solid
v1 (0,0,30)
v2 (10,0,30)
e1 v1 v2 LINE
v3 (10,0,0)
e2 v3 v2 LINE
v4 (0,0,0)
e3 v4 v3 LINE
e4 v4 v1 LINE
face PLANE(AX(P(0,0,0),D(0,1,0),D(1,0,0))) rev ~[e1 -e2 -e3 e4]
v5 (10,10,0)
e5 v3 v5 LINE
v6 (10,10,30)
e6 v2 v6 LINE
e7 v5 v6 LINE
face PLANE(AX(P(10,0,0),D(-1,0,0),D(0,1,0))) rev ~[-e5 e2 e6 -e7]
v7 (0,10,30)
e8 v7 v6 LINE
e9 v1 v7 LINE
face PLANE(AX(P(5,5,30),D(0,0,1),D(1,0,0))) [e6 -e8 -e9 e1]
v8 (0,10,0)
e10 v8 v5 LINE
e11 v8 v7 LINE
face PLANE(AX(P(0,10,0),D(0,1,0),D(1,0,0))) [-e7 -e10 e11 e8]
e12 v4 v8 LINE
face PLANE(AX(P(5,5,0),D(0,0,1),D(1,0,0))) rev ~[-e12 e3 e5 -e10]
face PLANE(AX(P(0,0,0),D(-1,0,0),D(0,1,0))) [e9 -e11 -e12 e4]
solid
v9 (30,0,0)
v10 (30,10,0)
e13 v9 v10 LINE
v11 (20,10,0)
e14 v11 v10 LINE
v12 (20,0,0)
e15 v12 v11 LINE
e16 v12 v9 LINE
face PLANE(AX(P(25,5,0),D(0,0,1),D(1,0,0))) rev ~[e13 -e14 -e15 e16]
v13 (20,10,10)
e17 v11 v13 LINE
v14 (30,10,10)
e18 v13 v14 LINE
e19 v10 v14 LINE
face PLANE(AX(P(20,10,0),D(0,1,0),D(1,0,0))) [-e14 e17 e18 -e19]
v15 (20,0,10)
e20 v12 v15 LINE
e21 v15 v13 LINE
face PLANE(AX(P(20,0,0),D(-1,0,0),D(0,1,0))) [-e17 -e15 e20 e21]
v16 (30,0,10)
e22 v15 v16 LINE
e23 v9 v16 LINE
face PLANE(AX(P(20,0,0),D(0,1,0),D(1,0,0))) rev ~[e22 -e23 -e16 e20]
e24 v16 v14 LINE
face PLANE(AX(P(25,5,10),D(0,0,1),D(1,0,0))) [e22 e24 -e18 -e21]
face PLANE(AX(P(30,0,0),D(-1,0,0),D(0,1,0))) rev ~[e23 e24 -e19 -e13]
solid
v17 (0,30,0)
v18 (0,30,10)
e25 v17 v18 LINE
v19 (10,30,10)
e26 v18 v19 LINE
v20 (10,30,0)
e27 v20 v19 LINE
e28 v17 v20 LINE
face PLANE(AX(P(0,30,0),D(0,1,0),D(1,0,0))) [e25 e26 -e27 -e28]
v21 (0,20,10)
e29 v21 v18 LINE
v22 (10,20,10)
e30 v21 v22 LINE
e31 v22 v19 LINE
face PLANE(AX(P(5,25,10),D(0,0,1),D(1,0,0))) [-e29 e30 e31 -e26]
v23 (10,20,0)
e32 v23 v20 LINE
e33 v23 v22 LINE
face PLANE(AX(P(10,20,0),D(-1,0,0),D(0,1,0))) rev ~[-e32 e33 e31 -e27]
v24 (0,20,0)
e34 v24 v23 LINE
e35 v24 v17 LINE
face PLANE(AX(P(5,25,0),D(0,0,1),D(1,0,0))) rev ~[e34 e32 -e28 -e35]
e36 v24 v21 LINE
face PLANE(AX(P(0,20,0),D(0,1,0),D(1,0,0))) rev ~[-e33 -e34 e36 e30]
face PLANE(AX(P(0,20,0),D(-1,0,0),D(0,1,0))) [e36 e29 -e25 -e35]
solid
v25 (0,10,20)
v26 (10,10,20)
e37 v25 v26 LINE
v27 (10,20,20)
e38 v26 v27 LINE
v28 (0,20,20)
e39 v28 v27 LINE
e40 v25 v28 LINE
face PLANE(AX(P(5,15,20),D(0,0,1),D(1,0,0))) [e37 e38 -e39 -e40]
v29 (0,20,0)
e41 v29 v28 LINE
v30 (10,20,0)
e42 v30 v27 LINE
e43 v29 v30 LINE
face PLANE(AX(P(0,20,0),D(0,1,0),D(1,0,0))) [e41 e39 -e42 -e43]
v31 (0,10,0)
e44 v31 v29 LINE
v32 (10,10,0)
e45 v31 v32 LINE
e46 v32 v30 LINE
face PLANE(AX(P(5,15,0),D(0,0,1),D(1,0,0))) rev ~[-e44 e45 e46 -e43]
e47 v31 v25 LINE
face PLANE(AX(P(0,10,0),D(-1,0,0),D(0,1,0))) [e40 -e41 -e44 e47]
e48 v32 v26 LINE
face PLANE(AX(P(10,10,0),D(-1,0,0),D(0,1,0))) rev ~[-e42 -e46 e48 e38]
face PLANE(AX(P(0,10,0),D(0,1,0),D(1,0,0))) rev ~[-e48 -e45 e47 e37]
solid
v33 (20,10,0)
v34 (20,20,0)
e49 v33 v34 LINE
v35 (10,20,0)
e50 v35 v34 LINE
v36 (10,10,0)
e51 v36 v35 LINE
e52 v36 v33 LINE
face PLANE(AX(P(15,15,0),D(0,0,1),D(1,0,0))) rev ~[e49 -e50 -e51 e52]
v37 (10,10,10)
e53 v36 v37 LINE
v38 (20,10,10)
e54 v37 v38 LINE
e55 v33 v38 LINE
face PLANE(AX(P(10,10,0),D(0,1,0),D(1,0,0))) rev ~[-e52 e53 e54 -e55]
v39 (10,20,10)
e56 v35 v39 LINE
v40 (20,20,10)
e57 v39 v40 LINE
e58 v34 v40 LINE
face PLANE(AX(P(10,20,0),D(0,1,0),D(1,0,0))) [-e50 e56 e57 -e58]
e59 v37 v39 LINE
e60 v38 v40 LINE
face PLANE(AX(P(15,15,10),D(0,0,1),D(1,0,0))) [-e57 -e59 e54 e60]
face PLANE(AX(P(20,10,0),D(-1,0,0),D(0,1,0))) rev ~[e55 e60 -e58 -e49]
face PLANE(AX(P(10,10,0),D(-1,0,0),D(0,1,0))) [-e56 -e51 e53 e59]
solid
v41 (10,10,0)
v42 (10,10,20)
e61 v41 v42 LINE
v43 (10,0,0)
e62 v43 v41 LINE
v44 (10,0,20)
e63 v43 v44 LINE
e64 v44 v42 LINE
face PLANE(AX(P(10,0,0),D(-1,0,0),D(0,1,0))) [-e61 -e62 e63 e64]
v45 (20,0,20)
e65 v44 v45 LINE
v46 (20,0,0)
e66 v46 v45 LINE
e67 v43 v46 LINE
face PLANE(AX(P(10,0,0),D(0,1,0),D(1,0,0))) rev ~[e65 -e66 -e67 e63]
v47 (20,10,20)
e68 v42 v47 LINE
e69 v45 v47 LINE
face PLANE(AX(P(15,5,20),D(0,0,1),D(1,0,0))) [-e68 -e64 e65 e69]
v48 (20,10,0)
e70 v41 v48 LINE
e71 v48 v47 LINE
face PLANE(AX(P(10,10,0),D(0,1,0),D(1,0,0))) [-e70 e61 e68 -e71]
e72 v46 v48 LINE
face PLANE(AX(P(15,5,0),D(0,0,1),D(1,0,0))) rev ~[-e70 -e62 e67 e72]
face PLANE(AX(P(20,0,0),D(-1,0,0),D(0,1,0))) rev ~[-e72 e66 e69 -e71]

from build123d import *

# Parameters (mm, degrees)
BOX_W        = 10
BOX_H        = 10
BOX_DEPTH    = 30
BOX001_W     = 10
BOX001_H     = 10
BOX001_DEPTH = 20
BOX002_W     = 10
BOX002_H     = 10
BOX002_DEPTH = 20
BOX003_W     = 10
BOX003_H     = 10
BOX003_DEPTH = 10
BOX004_W     = 10
BOX004_H     = 10
BOX004_DEPTH = 10
BOX005_W     = 10
BOX005_H     = 10
BOX005_DEPTH = 10


with BuildPart() as cubo30:
    # Box → Box (new body)
    with BuildSketch(Plane.XY):
        with Locations((5, 5)):
            Rectangle(BOX_W, BOX_H)
    extrude(amount=BOX_DEPTH)


with BuildPart() as box001:
    # Box001 → Box001 (new body)
    with BuildSketch(Plane(origin=(10, 0, 0), x_dir=(1, 0, 0), z_dir=(0, 0, 1))):
        with Locations((5, 5)):
            Rectangle(BOX001_W, BOX001_H)
    extrude(amount=BOX001_DEPTH)


with BuildPart() as box002:
    # Box002 → Box002 (new body)
    with BuildSketch(Plane(origin=(0, 10, 0), x_dir=(1, 0, 0), z_dir=(0, 0, 1))):
        with Locations((5, 5)):
            Rectangle(BOX002_W, BOX002_H)
    extrude(amount=BOX002_DEPTH)


with BuildPart() as box003:
    # Box003 → Box003 (new body)
    with BuildSketch(Plane(origin=(10, 10, 0), x_dir=(1, 0, 0), z_dir=(0, 0, 1))):
        with Locations((5, 5)):
            Rectangle(BOX003_W, BOX003_H)
    extrude(amount=BOX003_DEPTH)


with BuildPart() as box004:
    # Box004 → Box004 (new body)
    with BuildSketch(Plane(origin=(0, 20, 0), x_dir=(1, 0, 0), z_dir=(0, 0, 1))):
        with Locations((5, 5)):
            Rectangle(BOX004_W, BOX004_H)
    extrude(amount=BOX004_DEPTH)


with BuildPart() as box005:
    # Box005 → Box005 (new body)
    with BuildSketch(Plane(origin=(20, 0, 0), x_dir=(1, 0, 0), z_dir=(0, 0, 1))):
        with Locations((5, 5)):
            Rectangle(BOX005_W, BOX005_H)
    extrude(amount=BOX005_DEPTH)


solid = Compound([cubo30.part, box001.part, box002.part, box003.part, box004.part, box005.part])
